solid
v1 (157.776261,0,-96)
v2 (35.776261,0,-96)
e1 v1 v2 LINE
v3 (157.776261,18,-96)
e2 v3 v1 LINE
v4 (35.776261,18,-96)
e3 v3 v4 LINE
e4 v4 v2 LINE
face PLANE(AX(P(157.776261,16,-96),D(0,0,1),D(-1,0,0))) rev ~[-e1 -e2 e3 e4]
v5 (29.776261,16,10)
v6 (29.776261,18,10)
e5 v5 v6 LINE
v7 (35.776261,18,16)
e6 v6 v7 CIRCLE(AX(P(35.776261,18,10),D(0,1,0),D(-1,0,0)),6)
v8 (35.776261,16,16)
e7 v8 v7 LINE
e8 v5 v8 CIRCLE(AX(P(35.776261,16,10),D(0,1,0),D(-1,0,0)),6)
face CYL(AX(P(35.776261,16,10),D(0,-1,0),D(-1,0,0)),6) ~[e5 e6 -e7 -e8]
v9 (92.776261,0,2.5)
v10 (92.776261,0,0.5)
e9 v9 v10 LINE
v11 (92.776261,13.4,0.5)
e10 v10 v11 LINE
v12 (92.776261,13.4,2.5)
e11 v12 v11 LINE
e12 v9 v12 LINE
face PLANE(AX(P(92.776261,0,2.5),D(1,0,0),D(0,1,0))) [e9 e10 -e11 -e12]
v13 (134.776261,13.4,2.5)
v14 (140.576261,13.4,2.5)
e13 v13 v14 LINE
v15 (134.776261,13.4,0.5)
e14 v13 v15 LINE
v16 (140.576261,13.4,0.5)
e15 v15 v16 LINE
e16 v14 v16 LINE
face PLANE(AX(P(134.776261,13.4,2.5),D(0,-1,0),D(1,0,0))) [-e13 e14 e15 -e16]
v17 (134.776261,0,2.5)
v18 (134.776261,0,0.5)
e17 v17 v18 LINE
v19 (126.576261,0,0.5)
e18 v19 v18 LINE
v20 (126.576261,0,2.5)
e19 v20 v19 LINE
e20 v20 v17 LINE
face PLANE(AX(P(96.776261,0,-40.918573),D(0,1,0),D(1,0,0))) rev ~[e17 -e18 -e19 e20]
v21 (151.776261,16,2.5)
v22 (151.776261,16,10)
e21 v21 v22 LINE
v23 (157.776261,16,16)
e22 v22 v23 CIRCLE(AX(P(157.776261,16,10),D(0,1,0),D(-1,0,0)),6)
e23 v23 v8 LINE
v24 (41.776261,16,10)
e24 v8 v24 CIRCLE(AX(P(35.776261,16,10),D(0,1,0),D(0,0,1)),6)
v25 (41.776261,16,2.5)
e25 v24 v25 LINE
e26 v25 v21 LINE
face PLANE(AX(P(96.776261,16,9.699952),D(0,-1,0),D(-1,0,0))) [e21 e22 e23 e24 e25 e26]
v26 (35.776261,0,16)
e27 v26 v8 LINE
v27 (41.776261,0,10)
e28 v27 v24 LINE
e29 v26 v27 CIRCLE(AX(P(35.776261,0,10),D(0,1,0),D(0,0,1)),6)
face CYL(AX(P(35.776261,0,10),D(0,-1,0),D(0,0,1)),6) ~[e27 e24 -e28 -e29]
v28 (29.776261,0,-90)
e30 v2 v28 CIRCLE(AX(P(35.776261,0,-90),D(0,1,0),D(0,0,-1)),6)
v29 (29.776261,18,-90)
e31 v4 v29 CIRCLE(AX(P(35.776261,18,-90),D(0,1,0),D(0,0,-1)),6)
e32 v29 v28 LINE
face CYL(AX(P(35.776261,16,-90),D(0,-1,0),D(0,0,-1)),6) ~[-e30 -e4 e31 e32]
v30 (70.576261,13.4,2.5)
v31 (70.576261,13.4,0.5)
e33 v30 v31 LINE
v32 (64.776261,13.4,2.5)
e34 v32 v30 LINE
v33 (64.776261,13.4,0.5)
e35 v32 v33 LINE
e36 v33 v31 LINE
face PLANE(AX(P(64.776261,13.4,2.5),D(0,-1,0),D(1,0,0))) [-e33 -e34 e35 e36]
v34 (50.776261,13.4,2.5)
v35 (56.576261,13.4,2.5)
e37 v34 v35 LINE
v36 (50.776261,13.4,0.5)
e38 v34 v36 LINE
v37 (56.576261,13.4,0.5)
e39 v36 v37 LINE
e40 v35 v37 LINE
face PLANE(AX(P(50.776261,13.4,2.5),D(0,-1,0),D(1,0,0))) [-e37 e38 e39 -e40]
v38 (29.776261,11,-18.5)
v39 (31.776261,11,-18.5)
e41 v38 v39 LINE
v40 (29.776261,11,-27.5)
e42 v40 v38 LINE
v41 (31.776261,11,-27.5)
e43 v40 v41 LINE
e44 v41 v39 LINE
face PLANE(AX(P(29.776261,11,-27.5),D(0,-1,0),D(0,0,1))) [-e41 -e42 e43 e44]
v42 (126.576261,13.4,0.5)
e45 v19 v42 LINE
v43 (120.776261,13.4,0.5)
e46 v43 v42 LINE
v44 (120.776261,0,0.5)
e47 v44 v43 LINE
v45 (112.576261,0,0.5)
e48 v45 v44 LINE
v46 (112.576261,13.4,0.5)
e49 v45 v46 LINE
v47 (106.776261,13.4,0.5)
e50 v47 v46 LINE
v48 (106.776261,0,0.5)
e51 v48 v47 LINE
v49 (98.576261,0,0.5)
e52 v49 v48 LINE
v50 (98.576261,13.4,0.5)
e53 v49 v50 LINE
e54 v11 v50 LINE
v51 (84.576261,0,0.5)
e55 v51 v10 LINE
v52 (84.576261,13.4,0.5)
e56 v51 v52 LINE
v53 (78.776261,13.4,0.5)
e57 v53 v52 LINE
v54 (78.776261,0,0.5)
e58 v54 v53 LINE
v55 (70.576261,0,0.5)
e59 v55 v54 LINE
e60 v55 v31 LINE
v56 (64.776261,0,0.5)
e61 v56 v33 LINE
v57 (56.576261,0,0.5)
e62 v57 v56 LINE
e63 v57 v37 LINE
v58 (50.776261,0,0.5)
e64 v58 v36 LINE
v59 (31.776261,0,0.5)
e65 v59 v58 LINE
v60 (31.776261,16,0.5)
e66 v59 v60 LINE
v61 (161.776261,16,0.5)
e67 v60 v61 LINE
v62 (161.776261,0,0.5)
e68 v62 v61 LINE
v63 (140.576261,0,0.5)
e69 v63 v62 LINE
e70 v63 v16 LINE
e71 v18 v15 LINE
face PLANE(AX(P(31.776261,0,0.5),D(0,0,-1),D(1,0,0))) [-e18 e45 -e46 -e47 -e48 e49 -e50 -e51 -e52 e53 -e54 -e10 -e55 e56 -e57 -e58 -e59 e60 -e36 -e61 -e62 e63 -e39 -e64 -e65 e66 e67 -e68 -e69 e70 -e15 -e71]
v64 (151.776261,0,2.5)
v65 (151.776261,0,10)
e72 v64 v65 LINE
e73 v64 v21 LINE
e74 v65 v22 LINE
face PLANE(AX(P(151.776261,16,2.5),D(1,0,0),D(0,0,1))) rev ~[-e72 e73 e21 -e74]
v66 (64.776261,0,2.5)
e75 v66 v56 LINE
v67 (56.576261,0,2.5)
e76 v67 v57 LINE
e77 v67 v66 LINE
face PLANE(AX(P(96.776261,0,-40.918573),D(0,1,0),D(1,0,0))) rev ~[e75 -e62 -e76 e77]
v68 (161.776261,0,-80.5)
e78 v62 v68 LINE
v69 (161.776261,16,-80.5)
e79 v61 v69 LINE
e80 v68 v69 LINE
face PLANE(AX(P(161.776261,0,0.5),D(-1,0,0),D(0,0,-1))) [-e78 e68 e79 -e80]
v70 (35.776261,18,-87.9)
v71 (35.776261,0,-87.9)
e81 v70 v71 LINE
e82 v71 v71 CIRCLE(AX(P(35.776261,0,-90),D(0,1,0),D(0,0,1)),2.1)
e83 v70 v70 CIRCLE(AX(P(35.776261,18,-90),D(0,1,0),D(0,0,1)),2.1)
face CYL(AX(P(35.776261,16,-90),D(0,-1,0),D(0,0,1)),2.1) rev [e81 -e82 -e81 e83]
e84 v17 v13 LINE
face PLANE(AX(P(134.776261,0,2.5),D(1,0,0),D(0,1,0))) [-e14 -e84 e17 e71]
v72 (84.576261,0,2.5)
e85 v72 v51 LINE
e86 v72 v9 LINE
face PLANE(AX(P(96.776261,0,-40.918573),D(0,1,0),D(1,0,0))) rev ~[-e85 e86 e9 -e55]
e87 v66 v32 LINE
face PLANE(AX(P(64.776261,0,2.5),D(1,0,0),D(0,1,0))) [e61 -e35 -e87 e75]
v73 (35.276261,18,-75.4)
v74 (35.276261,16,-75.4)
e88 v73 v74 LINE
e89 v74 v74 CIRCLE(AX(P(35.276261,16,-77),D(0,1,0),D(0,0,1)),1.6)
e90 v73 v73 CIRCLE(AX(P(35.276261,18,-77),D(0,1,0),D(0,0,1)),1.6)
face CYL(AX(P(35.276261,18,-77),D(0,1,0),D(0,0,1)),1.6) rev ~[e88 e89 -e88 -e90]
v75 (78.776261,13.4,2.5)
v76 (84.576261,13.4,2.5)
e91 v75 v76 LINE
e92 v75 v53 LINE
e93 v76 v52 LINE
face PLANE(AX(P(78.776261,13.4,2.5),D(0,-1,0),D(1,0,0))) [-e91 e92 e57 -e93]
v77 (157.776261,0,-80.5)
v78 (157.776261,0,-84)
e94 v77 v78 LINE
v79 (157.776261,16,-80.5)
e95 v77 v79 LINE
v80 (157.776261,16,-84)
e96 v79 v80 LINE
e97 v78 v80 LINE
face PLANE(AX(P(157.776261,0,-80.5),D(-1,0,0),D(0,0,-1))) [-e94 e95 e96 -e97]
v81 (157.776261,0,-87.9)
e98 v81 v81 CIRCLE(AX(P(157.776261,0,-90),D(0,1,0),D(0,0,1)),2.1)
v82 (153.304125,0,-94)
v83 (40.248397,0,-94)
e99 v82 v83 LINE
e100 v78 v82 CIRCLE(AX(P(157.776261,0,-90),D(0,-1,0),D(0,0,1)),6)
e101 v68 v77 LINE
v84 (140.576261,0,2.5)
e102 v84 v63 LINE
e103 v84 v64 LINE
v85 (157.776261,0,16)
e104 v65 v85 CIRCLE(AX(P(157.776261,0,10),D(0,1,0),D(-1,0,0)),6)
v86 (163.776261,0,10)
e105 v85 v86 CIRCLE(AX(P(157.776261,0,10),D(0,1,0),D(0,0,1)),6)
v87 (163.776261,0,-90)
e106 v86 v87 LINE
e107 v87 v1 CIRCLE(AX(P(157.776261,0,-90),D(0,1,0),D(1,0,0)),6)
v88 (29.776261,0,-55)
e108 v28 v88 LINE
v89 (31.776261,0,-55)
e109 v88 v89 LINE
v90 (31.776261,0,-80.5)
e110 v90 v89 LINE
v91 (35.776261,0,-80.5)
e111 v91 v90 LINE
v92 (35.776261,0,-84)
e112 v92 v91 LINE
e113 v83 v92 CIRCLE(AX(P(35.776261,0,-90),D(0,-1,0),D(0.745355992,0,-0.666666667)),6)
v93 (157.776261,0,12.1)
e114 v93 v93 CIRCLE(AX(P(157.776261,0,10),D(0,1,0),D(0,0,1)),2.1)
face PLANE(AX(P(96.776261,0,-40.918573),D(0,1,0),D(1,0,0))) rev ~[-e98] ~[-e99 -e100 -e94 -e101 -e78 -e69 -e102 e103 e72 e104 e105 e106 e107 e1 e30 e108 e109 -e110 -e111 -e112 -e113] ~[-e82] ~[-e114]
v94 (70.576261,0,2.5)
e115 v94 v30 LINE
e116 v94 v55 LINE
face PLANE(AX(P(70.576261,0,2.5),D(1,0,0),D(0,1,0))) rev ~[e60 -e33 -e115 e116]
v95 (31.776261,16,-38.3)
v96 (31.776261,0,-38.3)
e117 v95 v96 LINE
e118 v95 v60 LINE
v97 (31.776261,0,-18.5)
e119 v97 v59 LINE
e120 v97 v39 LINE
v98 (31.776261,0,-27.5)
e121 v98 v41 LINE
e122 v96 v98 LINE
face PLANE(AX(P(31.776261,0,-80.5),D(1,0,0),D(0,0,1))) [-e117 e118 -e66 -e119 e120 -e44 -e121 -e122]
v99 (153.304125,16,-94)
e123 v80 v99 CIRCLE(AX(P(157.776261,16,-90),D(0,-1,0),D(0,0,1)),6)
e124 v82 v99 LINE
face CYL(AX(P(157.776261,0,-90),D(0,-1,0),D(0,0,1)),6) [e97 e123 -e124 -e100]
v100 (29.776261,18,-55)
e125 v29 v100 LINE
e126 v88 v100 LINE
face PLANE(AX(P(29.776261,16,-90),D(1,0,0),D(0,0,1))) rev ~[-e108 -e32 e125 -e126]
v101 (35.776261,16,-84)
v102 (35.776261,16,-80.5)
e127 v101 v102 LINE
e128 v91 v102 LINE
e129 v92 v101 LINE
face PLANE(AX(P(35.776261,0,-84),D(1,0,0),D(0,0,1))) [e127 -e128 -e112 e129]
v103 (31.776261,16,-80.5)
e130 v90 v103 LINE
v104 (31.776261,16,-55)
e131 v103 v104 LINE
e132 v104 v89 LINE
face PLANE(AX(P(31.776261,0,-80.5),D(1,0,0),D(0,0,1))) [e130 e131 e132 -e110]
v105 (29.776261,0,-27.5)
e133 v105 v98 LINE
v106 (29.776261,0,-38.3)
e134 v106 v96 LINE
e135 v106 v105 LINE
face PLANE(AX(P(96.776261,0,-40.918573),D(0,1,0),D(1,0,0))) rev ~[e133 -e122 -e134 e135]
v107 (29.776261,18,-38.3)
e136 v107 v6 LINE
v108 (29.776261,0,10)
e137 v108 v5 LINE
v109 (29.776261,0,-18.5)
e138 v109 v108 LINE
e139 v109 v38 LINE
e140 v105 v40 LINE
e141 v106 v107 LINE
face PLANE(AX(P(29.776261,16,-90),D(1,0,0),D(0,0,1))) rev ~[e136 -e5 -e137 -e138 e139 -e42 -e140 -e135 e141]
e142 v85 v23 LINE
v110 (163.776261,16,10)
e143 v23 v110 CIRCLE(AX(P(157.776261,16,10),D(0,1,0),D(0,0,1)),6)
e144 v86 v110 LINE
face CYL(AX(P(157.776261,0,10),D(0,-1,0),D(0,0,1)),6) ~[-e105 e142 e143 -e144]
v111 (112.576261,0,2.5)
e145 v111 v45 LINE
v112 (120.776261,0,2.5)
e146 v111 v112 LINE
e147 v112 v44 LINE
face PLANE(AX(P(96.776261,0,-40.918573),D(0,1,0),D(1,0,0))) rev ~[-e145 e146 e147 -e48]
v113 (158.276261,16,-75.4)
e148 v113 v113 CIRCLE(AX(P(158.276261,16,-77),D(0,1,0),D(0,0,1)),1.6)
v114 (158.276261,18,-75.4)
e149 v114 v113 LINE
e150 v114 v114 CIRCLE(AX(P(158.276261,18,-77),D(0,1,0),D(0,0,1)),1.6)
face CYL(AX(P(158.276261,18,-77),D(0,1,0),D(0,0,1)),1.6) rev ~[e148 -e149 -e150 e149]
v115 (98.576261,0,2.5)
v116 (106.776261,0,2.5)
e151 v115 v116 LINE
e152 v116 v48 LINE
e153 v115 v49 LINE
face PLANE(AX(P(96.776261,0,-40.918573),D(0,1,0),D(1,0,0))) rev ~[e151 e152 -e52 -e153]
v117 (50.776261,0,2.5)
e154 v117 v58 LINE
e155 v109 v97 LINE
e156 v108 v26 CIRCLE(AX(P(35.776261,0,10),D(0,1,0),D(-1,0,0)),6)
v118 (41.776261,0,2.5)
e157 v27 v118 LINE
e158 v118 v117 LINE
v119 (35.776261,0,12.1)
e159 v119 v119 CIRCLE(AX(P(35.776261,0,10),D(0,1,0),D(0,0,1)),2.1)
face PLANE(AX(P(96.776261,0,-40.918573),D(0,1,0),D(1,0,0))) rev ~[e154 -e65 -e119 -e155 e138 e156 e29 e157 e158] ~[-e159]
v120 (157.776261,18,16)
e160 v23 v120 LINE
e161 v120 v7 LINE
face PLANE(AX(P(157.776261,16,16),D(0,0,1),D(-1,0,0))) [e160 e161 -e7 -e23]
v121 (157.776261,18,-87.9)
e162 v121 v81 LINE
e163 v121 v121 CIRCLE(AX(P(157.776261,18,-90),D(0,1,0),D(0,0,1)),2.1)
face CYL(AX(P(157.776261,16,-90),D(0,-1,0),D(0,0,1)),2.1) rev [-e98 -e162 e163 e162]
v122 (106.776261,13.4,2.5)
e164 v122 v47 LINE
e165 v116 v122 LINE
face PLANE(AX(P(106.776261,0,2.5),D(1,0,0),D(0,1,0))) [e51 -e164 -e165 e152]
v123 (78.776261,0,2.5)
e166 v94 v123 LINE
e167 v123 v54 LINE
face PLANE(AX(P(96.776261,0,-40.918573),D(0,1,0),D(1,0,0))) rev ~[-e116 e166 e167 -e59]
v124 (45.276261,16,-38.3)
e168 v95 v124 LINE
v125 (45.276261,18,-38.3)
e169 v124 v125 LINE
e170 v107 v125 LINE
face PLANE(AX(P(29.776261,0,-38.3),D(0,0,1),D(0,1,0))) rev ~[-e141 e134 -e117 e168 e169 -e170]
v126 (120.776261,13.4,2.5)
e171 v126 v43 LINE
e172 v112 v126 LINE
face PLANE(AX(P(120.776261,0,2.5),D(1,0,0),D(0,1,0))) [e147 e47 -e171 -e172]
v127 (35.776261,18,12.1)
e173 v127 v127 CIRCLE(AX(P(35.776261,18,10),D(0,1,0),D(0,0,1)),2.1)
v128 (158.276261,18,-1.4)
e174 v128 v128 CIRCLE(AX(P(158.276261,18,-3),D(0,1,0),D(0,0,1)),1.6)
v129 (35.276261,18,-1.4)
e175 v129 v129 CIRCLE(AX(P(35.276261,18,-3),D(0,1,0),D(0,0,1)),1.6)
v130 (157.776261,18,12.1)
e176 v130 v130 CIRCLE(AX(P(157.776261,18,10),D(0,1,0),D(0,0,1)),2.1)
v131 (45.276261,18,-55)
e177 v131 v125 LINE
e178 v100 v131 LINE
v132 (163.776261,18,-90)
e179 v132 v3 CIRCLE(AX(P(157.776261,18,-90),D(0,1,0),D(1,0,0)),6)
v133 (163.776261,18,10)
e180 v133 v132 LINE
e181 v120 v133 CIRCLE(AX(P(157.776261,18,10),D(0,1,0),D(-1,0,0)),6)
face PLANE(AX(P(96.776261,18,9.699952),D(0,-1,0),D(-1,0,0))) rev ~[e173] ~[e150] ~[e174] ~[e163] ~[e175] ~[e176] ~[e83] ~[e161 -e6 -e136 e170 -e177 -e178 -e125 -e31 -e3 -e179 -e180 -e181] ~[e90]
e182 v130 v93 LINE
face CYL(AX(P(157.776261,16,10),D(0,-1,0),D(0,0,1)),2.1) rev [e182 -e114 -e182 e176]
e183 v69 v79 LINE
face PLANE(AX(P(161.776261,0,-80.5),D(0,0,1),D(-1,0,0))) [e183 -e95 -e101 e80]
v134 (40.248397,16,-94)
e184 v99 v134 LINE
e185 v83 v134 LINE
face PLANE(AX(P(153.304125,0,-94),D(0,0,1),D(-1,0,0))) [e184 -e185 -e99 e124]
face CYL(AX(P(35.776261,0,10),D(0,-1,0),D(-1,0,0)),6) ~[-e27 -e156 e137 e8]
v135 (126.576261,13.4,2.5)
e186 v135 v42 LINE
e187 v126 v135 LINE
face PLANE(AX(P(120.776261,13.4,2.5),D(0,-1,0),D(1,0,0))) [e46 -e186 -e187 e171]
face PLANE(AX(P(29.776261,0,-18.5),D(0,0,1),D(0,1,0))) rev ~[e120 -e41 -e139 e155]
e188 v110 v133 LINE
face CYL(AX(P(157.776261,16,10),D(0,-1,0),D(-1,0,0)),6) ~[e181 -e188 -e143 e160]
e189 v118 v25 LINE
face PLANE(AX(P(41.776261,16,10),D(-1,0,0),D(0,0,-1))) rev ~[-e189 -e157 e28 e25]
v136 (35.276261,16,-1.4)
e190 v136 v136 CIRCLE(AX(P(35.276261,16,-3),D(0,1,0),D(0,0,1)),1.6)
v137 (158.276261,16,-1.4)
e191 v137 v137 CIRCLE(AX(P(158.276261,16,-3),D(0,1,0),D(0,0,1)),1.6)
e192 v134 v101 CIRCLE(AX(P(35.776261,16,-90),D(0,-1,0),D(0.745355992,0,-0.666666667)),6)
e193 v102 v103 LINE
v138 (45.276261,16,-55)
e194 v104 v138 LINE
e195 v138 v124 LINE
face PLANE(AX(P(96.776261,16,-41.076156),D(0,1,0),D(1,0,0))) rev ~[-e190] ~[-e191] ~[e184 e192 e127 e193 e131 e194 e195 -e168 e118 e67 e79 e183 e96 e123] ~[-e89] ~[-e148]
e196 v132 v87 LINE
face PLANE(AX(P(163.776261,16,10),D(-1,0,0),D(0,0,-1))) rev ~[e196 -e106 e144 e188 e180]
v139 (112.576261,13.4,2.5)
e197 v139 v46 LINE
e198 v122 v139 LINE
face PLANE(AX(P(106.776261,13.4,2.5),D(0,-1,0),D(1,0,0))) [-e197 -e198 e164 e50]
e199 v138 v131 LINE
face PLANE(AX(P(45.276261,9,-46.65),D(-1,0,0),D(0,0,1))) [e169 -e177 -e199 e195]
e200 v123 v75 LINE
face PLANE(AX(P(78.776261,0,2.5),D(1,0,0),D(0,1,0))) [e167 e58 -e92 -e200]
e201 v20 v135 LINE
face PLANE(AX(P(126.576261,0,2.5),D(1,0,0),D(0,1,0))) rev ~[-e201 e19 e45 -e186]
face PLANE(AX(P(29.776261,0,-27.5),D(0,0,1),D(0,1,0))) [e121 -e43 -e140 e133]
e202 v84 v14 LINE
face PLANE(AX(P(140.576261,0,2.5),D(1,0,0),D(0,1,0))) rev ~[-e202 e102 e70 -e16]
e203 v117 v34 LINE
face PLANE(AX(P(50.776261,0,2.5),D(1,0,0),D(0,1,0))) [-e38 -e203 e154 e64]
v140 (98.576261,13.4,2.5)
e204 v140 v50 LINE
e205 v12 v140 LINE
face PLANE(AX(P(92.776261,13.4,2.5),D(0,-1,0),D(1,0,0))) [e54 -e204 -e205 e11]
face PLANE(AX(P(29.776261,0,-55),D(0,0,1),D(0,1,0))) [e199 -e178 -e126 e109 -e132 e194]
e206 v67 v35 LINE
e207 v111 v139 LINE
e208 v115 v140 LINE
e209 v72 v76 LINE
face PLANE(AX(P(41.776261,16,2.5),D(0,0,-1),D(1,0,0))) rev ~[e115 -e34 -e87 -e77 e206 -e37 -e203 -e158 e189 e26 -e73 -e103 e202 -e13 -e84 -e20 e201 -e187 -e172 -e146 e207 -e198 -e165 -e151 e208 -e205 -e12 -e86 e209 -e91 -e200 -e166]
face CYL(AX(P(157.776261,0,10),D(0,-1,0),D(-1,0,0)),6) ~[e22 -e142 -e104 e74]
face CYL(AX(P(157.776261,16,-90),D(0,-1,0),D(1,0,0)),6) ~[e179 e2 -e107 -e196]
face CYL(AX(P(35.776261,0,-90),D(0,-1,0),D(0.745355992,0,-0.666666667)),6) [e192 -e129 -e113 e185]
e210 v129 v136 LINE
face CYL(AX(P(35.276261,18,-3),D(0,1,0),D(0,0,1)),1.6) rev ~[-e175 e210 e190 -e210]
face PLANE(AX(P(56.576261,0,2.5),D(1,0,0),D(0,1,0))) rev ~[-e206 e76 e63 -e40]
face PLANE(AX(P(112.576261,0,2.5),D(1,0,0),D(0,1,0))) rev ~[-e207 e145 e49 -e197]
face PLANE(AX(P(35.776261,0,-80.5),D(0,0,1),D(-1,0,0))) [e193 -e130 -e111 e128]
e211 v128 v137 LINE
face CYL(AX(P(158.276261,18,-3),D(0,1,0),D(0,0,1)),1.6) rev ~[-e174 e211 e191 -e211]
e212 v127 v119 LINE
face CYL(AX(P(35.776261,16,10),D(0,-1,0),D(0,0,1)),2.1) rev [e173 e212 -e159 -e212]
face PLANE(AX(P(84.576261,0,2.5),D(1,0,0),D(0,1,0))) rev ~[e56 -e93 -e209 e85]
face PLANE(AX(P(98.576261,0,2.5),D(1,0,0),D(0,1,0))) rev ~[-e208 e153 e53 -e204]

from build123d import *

# Parameters (mm, degrees)
SKETCH_1_R          = 2.1
EXTRUDE_1_DEPTH     = 16
SKETCH_2_R          = 2.1
EXTRUDE_2_DEPTH     = 2
EXTRUDE_START       = -2
EXTRUDE_3_DEPTH     = 2
SKETCH_4_W          = 5.8
SKETCH_4_H          = 13.4
CUT_EXTRUDE_1_DEPTH = 2
SKETCH_5_W          = 9
SKETCH_5_H          = 11
CUT_EXTRUDE_2_DEPTH = 2
SKETCH_6_W          = 16.7
SKETCH_6_H          = 18
CUT_EXTRUDE_3_DEPTH = 15.5
SKETCH_7_R          = 1.6
CUT_EXTRUDE_4_DEPTH = 2


with BuildPart() as part:
    # 草图1 → 凸台-拉伸1 (new body)
    with BuildSketch(Plane(origin=(0, 0, 0), x_dir=(1, 0, 0), z_dir=(0, 1, 0))):
        with BuildLine():
            Line((41.776260997, -10), (41.776260997, -2.5))
            Line((41.776260997, -2.5), (151.776260997, -2.5))
            Line((151.776260997, -2.5), (151.776260997, -10))
            ThreePointArc((151.776260997, -10), (153.53362031, -14.242640687), (157.776260997, -16))
            ThreePointArc((157.776260997, -16), (162.018901684, -14.242640687), (163.776260997, -10))
            Line((163.776260997, -10), (163.776260997, 90))
            ThreePointArc((163.776260997, 90), (162.018901684, 94.242640687), (157.776260997, 96))
            Line((157.776260997, 96), (35.776260997, 96))
            ThreePointArc((35.776260997, 96), (31.53362031, 94.242640687), (29.776260997, 90))
            Line((29.776260997, 90), (29.776260997, -10))
            ThreePointArc((29.776260997, -10), (31.53362031, -14.242640687), (35.776260997, -16))
            ThreePointArc((35.776260997, -16), (40.018901684, -14.242640687), (41.776260997, -10))
        make_face()
        with Locations(Location((35.776260997, -10, 0), (0, 0, 270))):
            Circle(SKETCH_1_R, mode=Mode.SUBTRACT)
        with Locations(Location((35.776260997, 90, 0), (0, 0, 270))):
            Circle(SKETCH_1_R, mode=Mode.SUBTRACT)
        with Locations(Location((157.776260997, 90, 0), (0, 0, 270))):
            Circle(SKETCH_1_R, mode=Mode.SUBTRACT)
        with Locations(Location((157.776260997, -10, 0), (0, 0, 270))):
            Circle(SKETCH_1_R, mode=Mode.SUBTRACT)
        with BuildLine():
            Line((31.776260997, -0.5), (161.776260997, -0.5))
            Line((161.776260997, -0.5), (161.776260997, 80.5))
            Line((161.776260997, 80.5), (157.776260997, 80.5))
            Line((157.776260997, 80.5), (157.776260997, 84))
            ThreePointArc((157.776260997, 84), (152.299035422, 87.550510257), (153.304125042, 94))
            Line((153.304125042, 94), (96.776260997, 94))
            Line((96.776260997, 94), (40.248396952, 94))
            ThreePointArc((40.248396952, 94), (41.253486572, 87.550510257), (35.776260997, 84))
            Line((35.776260997, 84), (35.776260997, 80.5))
            Line((35.776260997, 80.5), (31.776260997, 80.5))
            Line((31.776260997, 80.5), (31.776260997, -0.5))
        make_face(mode=Mode.SUBTRACT)
    extrude(amount=EXTRUDE_1_DEPTH)

    # 草图2 → 凸台-拉伸2 (add)
    with BuildSketch(Plane(origin=(0, 16, 0), x_dir=(1, 0, 0), z_dir=(0, 1, 0))):
        with BuildLine():
            Line((29.776260997, 90), (29.776260997, -10))
            ThreePointArc((29.776260997, -10), (35.776260997, -16), (41.776260997, -10))
            Line((41.776260997, -10), (41.776260997, -2.5))
            Line((41.776260997, -2.5), (151.776260997, -2.5))
            Line((151.776260997, -2.5), (151.776260997, -10))
            ThreePointArc((151.776260997, -10), (157.776260997, -16), (163.776260997, -10))
            Line((163.776260997, -10), (163.776260997, 90))
            ThreePointArc((163.776260997, 90), (162.018901684, 94.242640687), (157.776260997, 96))
            Line((157.776260997, 96), (35.776260997, 96))
            ThreePointArc((35.776260997, 96), (31.53362031, 94.242640687), (29.776260997, 90))
        make_face()
        with Locations(Location((35.776260997, 90, 0), (0, 0, 270))):
            Circle(SKETCH_2_R, mode=Mode.SUBTRACT)
        with Locations(Location((157.776260997, 90, 0), (0, 0, 270))):
            Circle(SKETCH_2_R, mode=Mode.SUBTRACT)
        with Locations(Location((35.776260997, -10, 0), (0, 0, 270))):
            Circle(SKETCH_2_R, mode=Mode.SUBTRACT)
        with Locations(Location((157.776260997, -10, 0), (0, 0, 270))):
            Circle(SKETCH_2_R, mode=Mode.SUBTRACT)
    extrude(amount=EXTRUDE_2_DEPTH)

    # 草图3 → 凸台-拉伸3 (add)
    with BuildSketch(Plane(origin=(0, 18, 0), x_dir=(1, 0, 0), z_dir=(0, 1, 0)).offset(EXTRUDE_START)):
        with BuildLine():
            Line((41.776260997, -2.5), (151.776260997, -2.5))
            Line((151.776260997, -2.5), (151.776260997, -10))
            ThreePointArc((151.776260997, -10), (153.53362031, -14.242640687), (157.776260997, -16))
            Line((157.776260997, -16), (35.776260997, -16))
            ThreePointArc((35.776260997, -16), (40.018901684, -14.242640687), (41.776260997, -10))
            Line((41.776260997, -10), (41.776260997, -2.5))
        make_face()
    extrude(amount=EXTRUDE_3_DEPTH)

    # 草图4 → 切除-拉伸1 (cut)
    with BuildSketch(Plane.XY.offset(2.5)):
        with Locations((67.676260997, 6.7)):
            Rectangle(SKETCH_4_W, SKETCH_4_H)
        with Locations((53.676260997, 6.7)):
            Rectangle(SKETCH_4_W, SKETCH_4_H)
        with Locations((81.676260997, 6.7)):
            Rectangle(SKETCH_4_W, SKETCH_4_H)
        with Locations((95.676260997, 6.7)):
            Rectangle(SKETCH_4_W, SKETCH_4_H)
        with Locations((109.676260997, 6.7)):
            Rectangle(SKETCH_4_W, SKETCH_4_H)
        with Locations((123.676260997, 6.7)):
            Rectangle(SKETCH_4_W, SKETCH_4_H)
        with Locations((137.676260997, 6.7)):
            Rectangle(SKETCH_4_W, SKETCH_4_H)
    extrude(amount=-CUT_EXTRUDE_1_DEPTH, mode=Mode.SUBTRACT)

    # 草图5 → 切除-拉伸2 (cut)
    with BuildSketch(Plane.ZY.offset(-29.776260997)):
        with Locations((-23, 5.5)):
            Rectangle(SKETCH_5_W, SKETCH_5_H)
    extrude(amount=-CUT_EXTRUDE_2_DEPTH, mode=Mode.SUBTRACT)

    # 草图6 → 切除-拉伸3 (cut)
    with BuildSketch(Plane.ZY.offset(-29.776260997)):
        with Locations((-46.65, 9)):
            Rectangle(SKETCH_6_W, SKETCH_6_H)
    extrude(amount=-CUT_EXTRUDE_3_DEPTH, mode=Mode.SUBTRACT)

    # 草图7 → 切除-拉伸4 (cut)
    with BuildSketch(Plane(origin=(0, 18, 0), x_dir=(1, 0, 0), z_dir=(0, 1, 0))):
        with Locations(Location((158.276260997, 77, 0), (0, 0, 270))):
            Circle(SKETCH_7_R)
        with Locations(Location((35.276260997, 77, 0), (0, 0, 270))):
            Circle(SKETCH_7_R)
        with Locations(Location((35.276260997, 3, 0), (0, 0, 270))):
            Circle(SKETCH_7_R)
        with Locations(Location((158.276260997, 3, 0), (0, 0, 270))):
            Circle(SKETCH_7_R)
    extrude(amount=-CUT_EXTRUDE_4_DEPTH, mode=Mode.SUBTRACT)


solid = part.part
